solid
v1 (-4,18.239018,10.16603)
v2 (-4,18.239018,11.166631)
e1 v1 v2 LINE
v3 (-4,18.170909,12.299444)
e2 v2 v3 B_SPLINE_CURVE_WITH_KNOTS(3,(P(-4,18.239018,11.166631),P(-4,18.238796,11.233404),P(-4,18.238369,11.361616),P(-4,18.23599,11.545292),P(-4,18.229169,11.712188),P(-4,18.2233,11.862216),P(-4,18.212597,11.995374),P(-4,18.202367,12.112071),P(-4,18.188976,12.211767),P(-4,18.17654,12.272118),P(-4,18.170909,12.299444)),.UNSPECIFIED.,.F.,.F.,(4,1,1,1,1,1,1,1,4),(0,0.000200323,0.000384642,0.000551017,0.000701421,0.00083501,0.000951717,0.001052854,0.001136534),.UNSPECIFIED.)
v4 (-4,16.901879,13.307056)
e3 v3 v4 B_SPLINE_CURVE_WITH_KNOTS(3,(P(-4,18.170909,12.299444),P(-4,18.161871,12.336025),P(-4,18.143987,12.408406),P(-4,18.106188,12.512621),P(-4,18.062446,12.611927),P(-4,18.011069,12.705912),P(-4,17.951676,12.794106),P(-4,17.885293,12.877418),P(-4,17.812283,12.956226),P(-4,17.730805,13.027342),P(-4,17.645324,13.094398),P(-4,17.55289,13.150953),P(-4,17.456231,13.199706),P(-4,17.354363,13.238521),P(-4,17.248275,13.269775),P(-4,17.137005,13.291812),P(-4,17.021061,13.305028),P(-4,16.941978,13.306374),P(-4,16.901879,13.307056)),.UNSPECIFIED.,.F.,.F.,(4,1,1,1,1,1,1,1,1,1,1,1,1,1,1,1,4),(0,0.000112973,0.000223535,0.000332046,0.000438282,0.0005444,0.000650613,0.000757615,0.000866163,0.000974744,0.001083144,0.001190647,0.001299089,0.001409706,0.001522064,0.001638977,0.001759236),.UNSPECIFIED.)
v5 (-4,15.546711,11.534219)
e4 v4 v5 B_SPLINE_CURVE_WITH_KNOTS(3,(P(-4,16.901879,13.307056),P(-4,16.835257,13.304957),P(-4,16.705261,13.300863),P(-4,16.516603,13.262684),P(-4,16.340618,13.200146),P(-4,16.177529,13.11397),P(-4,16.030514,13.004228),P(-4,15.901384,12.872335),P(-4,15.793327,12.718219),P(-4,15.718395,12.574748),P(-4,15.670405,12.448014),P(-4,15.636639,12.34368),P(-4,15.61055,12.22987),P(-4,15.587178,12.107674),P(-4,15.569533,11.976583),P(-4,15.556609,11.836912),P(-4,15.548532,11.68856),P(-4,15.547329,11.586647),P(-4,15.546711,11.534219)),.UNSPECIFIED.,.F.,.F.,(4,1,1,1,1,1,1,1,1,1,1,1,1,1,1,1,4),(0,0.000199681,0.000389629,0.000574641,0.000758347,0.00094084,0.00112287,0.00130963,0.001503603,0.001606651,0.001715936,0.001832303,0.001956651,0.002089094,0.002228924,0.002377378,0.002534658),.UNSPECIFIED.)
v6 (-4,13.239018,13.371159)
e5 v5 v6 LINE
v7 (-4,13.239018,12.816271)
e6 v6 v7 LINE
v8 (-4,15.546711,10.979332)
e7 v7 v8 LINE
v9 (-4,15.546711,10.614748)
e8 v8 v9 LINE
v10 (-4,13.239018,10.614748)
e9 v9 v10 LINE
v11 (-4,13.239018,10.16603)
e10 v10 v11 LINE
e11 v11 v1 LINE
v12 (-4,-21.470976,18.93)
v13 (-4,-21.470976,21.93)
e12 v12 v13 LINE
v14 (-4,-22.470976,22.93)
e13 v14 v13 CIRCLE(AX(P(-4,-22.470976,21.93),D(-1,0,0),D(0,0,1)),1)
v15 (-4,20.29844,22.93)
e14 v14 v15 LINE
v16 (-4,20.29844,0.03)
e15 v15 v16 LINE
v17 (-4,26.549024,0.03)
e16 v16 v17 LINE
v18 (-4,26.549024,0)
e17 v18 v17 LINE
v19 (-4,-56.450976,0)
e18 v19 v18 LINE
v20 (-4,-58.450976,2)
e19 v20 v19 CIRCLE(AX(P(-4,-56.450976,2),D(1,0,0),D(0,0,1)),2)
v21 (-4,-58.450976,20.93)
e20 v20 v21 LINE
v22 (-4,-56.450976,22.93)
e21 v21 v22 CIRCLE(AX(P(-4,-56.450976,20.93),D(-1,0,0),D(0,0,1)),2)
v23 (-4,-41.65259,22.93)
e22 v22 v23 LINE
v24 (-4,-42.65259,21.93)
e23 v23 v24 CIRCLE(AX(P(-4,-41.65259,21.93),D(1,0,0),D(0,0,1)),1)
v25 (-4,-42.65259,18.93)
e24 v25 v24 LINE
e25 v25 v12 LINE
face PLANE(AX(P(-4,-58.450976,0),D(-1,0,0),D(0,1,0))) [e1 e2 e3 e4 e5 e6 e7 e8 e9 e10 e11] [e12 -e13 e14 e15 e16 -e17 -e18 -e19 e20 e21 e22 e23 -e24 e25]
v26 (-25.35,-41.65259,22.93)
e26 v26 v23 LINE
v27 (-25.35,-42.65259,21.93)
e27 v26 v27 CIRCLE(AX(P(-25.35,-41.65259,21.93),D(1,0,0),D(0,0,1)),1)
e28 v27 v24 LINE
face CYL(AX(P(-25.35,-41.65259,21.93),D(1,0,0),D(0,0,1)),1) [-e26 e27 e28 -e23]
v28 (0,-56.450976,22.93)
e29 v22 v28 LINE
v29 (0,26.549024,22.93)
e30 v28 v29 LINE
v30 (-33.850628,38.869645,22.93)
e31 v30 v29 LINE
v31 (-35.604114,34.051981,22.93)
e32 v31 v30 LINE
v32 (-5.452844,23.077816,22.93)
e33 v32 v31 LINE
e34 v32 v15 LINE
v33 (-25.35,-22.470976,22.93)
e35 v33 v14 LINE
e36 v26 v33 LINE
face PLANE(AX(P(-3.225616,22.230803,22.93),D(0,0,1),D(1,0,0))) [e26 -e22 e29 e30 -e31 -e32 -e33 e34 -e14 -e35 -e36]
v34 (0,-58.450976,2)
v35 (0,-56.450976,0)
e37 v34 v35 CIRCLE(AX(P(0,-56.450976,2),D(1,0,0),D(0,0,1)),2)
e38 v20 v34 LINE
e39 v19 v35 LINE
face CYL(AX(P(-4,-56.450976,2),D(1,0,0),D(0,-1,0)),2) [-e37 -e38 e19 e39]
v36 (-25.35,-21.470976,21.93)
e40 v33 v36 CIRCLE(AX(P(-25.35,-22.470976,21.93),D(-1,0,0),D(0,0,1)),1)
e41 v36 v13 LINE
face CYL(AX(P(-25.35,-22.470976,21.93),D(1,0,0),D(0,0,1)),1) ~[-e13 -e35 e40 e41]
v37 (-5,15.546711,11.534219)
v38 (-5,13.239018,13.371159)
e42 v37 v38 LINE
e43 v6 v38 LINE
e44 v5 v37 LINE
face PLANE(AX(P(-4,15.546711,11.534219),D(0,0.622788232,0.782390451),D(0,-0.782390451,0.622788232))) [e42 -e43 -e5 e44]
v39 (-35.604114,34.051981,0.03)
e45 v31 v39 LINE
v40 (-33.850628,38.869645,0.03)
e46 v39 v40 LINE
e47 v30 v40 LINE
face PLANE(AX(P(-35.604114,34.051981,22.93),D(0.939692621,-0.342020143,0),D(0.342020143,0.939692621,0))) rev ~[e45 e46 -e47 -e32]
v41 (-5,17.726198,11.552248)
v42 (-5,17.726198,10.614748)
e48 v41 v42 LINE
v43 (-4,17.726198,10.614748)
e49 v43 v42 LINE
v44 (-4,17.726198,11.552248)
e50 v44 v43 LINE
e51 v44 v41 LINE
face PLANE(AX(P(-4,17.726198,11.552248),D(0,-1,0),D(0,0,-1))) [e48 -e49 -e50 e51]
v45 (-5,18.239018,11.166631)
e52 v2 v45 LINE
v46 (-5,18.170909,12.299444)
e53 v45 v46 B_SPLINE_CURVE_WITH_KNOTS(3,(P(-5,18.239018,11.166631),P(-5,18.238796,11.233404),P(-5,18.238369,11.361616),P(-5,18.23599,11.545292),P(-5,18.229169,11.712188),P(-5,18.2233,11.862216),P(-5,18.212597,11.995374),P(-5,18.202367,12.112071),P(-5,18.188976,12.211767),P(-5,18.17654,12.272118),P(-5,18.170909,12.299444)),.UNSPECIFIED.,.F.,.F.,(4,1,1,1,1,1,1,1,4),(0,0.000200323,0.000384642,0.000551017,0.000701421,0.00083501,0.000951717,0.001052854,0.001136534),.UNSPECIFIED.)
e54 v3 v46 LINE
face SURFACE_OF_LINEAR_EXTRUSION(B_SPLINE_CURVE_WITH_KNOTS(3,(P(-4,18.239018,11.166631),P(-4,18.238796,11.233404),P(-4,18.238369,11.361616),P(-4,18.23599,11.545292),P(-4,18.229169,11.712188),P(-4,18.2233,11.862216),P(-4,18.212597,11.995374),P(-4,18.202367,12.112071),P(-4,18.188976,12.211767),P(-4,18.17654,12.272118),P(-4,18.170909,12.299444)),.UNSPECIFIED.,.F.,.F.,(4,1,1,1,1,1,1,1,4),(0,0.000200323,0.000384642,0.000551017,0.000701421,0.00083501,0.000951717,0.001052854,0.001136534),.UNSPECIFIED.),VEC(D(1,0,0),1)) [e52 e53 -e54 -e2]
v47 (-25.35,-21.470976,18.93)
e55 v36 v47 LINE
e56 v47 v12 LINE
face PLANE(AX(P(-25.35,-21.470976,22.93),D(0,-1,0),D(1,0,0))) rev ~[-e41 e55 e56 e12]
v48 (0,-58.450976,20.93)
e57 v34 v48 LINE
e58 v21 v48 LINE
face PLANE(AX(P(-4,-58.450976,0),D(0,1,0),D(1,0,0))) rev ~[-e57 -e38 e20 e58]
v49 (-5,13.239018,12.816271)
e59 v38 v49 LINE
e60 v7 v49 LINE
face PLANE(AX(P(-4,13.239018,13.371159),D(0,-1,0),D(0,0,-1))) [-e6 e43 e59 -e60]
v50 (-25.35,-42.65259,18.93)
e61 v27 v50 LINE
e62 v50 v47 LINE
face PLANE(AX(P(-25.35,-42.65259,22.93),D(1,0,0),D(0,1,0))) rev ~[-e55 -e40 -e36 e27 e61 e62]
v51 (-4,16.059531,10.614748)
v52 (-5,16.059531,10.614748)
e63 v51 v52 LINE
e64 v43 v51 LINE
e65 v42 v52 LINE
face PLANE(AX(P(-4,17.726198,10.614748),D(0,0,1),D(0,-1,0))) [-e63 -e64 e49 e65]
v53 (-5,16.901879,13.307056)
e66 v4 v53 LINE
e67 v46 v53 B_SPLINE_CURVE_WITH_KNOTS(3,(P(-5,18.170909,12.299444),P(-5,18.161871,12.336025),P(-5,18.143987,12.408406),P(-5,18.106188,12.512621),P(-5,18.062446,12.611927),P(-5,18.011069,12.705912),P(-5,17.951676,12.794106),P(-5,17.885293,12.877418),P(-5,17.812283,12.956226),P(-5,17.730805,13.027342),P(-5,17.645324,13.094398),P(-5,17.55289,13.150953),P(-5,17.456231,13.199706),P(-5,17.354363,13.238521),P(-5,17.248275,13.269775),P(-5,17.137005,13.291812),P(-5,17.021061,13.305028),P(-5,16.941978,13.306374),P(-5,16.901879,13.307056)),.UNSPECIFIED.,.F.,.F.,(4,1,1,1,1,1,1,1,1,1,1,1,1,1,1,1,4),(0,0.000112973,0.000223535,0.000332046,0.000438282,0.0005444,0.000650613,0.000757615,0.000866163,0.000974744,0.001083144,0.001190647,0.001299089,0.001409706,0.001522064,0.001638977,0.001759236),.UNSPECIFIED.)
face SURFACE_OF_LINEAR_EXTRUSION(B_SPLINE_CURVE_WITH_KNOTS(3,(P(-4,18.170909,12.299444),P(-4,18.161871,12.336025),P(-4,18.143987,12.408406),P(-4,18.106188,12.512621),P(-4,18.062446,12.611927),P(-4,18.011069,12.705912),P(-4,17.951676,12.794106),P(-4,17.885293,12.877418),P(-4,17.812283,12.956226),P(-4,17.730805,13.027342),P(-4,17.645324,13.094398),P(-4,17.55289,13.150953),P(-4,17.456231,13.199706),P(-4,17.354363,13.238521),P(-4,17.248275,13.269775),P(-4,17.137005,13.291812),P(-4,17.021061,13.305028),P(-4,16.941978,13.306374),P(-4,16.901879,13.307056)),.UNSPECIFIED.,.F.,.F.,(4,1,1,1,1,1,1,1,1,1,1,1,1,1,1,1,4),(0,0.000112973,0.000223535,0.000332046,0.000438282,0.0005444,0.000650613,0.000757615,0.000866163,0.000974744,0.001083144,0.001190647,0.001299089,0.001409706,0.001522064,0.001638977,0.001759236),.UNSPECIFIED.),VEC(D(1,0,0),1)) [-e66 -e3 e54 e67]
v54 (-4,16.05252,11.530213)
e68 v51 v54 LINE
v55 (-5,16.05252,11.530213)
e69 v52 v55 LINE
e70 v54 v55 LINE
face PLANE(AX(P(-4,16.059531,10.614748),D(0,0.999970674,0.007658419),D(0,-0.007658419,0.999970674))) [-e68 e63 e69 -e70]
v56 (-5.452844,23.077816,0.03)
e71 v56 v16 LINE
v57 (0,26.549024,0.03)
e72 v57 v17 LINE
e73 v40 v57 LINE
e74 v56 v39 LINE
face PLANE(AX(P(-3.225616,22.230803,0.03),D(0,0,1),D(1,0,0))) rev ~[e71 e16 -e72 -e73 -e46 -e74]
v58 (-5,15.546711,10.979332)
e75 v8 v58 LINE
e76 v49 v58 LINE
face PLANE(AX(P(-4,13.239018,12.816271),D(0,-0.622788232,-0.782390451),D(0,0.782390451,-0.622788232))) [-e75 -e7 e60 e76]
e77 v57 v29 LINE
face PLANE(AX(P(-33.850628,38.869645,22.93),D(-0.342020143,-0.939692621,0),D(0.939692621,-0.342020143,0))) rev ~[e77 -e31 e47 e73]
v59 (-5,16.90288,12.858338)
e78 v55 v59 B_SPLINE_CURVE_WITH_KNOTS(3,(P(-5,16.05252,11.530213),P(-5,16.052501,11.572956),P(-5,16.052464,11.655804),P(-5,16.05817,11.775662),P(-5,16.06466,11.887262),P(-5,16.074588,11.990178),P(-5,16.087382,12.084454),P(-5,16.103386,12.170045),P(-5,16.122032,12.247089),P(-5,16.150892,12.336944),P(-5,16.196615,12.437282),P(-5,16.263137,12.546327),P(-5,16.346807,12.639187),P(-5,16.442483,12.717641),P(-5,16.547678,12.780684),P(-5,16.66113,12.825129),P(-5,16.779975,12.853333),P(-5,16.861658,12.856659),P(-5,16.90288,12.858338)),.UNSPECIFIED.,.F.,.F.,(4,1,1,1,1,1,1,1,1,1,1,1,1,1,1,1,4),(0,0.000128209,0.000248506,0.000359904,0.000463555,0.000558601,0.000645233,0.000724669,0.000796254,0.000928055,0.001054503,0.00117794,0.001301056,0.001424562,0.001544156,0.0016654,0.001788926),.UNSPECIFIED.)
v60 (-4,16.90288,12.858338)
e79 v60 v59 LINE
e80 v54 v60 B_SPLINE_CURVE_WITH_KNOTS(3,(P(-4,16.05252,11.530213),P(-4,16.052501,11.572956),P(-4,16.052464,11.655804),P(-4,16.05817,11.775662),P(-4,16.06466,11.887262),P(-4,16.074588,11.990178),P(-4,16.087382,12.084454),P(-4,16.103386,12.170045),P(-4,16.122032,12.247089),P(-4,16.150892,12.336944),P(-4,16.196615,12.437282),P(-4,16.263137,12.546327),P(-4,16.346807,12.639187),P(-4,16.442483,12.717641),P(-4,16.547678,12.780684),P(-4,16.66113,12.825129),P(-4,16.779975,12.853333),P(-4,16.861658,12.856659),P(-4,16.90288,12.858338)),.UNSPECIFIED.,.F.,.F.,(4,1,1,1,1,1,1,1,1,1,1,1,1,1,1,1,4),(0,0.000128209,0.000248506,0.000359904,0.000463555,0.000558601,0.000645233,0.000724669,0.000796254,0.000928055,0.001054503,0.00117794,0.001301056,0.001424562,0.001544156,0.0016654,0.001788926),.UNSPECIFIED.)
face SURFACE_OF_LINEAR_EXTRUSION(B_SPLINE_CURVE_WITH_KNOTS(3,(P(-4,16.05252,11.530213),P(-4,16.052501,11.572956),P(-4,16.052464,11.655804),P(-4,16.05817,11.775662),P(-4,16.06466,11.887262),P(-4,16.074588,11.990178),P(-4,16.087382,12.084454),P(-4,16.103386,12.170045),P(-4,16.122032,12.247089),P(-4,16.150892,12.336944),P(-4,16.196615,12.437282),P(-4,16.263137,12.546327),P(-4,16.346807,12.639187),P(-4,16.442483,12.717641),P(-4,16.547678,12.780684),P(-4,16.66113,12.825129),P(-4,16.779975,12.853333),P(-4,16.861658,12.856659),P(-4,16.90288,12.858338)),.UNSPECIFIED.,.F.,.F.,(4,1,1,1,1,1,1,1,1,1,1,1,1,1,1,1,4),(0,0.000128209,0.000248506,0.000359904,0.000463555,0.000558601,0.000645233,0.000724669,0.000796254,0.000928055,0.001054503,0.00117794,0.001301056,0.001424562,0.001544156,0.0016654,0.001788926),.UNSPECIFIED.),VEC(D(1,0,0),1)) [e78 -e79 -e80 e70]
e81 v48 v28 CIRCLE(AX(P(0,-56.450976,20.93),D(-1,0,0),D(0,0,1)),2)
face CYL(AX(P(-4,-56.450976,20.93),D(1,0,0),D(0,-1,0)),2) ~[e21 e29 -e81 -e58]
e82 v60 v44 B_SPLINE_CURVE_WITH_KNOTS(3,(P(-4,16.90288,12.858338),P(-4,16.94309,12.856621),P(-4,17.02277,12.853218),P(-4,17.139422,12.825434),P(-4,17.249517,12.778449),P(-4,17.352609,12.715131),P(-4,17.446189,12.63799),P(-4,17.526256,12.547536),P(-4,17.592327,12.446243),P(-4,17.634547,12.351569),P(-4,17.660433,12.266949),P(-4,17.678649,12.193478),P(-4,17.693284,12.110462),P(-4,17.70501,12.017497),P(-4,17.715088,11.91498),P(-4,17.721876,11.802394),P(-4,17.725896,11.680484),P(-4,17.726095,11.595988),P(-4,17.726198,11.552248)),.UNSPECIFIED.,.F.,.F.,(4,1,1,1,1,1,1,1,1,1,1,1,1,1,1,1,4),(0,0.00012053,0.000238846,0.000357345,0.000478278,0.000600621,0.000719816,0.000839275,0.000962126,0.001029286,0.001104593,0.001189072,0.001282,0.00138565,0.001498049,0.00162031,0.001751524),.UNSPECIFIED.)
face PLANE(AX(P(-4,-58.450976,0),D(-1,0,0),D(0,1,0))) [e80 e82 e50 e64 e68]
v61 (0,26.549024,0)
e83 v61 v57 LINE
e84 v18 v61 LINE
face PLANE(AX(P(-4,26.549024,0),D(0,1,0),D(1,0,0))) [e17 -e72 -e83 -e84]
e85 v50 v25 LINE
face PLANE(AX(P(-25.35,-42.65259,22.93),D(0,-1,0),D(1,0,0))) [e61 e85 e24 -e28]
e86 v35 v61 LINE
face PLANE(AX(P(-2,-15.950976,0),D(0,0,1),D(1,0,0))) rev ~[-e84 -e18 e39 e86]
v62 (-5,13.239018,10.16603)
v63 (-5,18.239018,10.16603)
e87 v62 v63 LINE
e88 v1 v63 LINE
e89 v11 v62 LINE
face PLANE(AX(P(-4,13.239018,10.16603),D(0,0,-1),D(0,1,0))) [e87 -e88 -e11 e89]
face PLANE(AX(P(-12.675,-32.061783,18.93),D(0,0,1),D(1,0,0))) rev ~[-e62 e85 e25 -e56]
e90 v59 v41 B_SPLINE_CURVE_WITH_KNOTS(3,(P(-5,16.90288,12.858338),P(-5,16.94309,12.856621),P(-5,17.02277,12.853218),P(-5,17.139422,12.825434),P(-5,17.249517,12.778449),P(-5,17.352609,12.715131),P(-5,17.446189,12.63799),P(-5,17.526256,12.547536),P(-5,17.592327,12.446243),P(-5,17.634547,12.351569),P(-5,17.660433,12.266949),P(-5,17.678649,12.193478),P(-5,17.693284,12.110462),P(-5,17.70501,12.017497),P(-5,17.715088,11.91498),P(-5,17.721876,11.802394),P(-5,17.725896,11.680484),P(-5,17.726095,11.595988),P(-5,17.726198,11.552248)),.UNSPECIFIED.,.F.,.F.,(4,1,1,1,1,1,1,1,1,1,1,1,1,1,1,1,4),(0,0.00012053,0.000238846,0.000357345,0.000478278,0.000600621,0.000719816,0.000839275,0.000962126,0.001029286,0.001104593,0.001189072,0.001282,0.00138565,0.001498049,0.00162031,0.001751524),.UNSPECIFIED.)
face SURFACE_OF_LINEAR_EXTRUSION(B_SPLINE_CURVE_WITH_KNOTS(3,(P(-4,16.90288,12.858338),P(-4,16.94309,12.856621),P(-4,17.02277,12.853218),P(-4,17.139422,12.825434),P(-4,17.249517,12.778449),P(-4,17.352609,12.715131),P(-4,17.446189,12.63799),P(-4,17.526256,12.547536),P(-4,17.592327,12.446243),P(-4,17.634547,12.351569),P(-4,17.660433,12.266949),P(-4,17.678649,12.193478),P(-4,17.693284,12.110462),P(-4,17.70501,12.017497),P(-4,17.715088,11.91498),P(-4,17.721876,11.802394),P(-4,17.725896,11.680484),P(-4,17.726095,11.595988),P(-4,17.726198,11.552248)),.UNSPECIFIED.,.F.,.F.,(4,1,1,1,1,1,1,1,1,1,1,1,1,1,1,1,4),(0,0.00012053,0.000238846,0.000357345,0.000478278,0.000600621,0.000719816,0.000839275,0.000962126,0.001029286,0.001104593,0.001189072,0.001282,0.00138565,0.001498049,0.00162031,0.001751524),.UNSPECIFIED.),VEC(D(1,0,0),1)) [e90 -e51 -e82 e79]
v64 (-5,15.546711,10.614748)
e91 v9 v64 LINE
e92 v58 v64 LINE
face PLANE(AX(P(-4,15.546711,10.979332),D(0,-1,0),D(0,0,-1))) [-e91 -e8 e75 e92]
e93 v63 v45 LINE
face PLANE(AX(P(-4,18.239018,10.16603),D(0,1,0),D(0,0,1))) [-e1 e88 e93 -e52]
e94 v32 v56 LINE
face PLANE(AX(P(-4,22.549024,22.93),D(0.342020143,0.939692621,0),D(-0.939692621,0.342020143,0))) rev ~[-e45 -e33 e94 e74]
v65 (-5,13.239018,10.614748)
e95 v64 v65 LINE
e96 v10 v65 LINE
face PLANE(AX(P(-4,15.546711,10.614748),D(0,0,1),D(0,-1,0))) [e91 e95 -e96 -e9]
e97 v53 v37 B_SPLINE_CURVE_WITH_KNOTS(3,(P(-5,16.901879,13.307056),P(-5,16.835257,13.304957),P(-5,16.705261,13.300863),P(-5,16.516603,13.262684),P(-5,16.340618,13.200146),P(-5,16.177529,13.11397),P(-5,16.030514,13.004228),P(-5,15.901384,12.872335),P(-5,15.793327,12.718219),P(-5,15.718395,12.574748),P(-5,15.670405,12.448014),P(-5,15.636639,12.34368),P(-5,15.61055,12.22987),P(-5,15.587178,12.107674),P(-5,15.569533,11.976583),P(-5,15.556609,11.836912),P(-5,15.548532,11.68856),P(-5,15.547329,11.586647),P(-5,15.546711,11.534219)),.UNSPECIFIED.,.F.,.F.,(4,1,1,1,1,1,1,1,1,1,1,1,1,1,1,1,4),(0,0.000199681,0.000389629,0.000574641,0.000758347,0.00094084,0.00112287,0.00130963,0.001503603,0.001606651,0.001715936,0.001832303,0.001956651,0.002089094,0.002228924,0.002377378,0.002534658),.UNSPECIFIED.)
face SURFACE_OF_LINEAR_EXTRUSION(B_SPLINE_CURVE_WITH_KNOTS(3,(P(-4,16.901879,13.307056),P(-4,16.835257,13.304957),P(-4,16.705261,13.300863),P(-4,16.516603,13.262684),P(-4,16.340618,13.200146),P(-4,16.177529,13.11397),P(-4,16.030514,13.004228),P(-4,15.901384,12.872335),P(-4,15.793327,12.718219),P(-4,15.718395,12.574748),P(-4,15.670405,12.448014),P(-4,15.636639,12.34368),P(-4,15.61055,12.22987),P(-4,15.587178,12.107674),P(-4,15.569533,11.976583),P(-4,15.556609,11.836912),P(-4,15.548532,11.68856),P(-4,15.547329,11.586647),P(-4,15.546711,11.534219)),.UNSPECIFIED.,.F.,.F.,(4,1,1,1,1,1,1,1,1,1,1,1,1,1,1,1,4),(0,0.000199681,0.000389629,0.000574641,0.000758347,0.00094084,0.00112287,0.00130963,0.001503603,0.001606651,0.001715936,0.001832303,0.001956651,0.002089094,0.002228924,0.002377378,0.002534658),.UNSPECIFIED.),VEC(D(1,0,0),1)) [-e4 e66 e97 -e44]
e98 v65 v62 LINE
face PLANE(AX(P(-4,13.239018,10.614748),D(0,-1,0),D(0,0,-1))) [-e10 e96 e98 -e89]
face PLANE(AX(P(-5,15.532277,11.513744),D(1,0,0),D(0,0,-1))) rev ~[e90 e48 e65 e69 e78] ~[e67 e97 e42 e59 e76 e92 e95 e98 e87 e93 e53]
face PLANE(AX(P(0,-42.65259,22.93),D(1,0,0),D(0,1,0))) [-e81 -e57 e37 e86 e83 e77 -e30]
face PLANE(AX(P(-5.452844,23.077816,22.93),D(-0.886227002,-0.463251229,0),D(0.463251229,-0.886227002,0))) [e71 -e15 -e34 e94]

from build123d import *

# Parameters (mm, degrees)
ESQUISSE1_W        = 4
ESQUISSE1_H        = 85
BOSS_EXTRU_1_DEPTH = 22.93
BOSS_EXTRU_5_DEPTH = 22.9
ESQUISSE5_W        = 25.35
ESQUISSE5_H        = 21.181614094
BOSS_EXTRU_6_DEPTH = 4
CONG_1_R           = 2
CONG_5_R           = 1
BOSS_EXTRU_8_DEPTH = 1
BOSS_EXTRU_9_DEPTH = 22.9


with BuildPart() as part:
    # Esquisse1 → Boss.-Extru.1 (new body)
    with BuildSketch(Plane.XY):
        with Locations((-2, -15.95097561)):
            Rectangle(ESQUISSE1_W, ESQUISSE1_H)
    extrude(amount=BOSS_EXTRU_1_DEPTH)

    # Esquisse2 → Boss.-Extru.5 (add)
    with BuildSketch(Plane.XY.offset(22.93)):
        Polygon((-33.850627534, 38.869645224), (0, 26.54902439), (0, 22.54902439), (-4, 22.54902439), (-35.604113867, 34.051981118), align=None)
    extrude(amount=-BOSS_EXTRU_5_DEPTH)

    # Esquisse5 → Boss.-Extru.6 (add)
    with BuildSketch(Plane.XY.offset(22.93)):
        with Locations((-12.675, -32.061782657)):
            Rectangle(ESQUISSE5_W, ESQUISSE5_H)
    extrude(amount=-BOSS_EXTRU_6_DEPTH)

    # Congé1
    cong_1_edges = [part.edges().sort_by_distance(p)[0] for p in [
        (-2, -58.45097561, 22.93),
        (-2, -58.45097561, 0),
    ]]
    fillet(cong_1_edges, radius=CONG_1_R)

    # Congé5
    cong_5_edges = [part.edges().sort_by_distance(p)[0] for p in [
        (-14.675, -21.47097561, 22.93),
        (-14.675, -42.652589704, 22.93),
    ]]
    fillet(cong_5_edges, radius=CONG_5_R)

    # Esquisse10 → Boss.-Extru.8 (add)
    with BuildSketch(Plane.ZY.offset(4)):
        with BuildLine():
            Line((10.166030362, 18.2390183), (11.166631323, 18.2390183))
            add(Edge.make_bspline(
                [(11.166631323, 18.2390183), (11.233404364, 18.238796034), (11.361615999, 18.238369259), (11.545292099, 18.235989598), (11.712187952, 18.22916909), (11.862216294, 18.223299685), (11.995374373, 18.212596912), (12.112070502, 18.202367416), (12.211767213, 18.188976472), (12.272118429, 18.176540153), (12.299443823, 18.170909326)],
                knots=[0, 0, 0, 0, 0.000200323, 0.000384642, 0.000551017, 0.000701421, 0.00083501, 0.000951717, 0.001052854, 0.001136534, 0.001136534, 0.001136534, 0.001136534], degree=3))
            add(Edge.make_bspline(
                [(12.299443823, 18.170909326), (12.336024715, 18.161871089), (12.408406128, 18.143987427), (12.512620508, 18.106187997), (12.611926685, 18.062445676), (12.705912149, 18.011068933), (12.794106136, 17.951676391), (12.877418009, 17.885293359), (12.956225814, 17.812283065), (13.027342428, 17.73080472), (13.094398216, 17.645323991), (13.150953397, 17.552890053), (13.199705511, 17.456230728), (13.238520535, 17.354362988), (13.269774783, 17.248274743), (13.291812268, 17.137005033), (13.30502825, 17.021060783), (13.306373758, 16.941978056), (13.307056003, 16.901878877)],
                knots=[0, 0, 0, 0, 0.000112973, 0.000223535, 0.000332046, 0.000438282, 0.0005444, 0.000650613, 0.000757615, 0.000866163, 0.000974744, 0.001083144, 0.001190647, 0.001299089, 0.001409706, 0.001522064, 0.001638977, 0.001759236, 0.001759236, 0.001759236, 0.001759236], degree=3))
            add(Edge.make_bspline(
                [(13.307056003, 16.901878877), (13.304957434, 16.835257299), (13.300862583, 16.705261345), (13.262683863, 16.516602943), (13.200145978, 16.340618207), (13.113969851, 16.177528725), (13.004227743, 16.030513517), (12.872335184, 15.901384295), (12.718218596, 15.793327277), (12.574748145, 15.718394699), (12.448013574, 15.67040483), (12.34368027, 15.636638603), (12.229870302, 15.610550081), (12.10767411, 15.587178464), (11.976583173, 15.569533186), (11.836911688, 15.55660948), (11.688560043, 15.548532268), (11.586647087, 15.547329403), (11.534219464, 15.546710608)],
                knots=[0, 0, 0, 0, 0.000199681, 0.000389629, 0.000574641, 0.000758347, 0.00094084, 0.00112287, 0.00130963, 0.001503603, 0.001606651, 0.001715936, 0.001832303, 0.001956651, 0.002089094, 0.002228924, 0.002377378, 0.002534658, 0.002534658, 0.002534658, 0.002534658], degree=3))
            Line((11.534219464, 15.546710608), (13.371158567, 13.2390183))
            Line((13.371158567, 13.2390183), (12.816270746, 13.2390183))
            Line((12.816270746, 13.2390183), (10.979331644, 15.546710608))
            Line((10.979331644, 15.546710608), (10.61474831, 15.546710608))
            Line((10.61474831, 15.546710608), (10.61474831, 13.2390183))
            Line((10.61474831, 13.2390183), (10.166030362, 13.2390183))
            Line((10.166030362, 13.2390183), (10.166030362, 18.2390183))
        make_face()
        with BuildLine():
            Line((10.61474831, 17.726197787), (10.61474831, 16.05953112))
            Line((10.61474831, 16.05953112), (11.530213054, 16.052519902))
            add(Edge.make_bspline(
                [(11.530213054, 16.052519902), (11.572955967, 16.052500993), (11.655803905, 16.052464341), (11.775661998, 16.058169736), (11.887262158, 16.06466019), (11.990177518, 16.074587827), (12.084454054, 16.087382215), (12.170044644, 16.103386478), (12.247089004, 16.122032282), (12.336944059, 16.150891747), (12.437281961, 16.196614631), (12.546326904, 16.263136772), (12.639187386, 16.346806942), (12.717641475, 16.442483308), (12.78068352, 16.547677949), (12.825129312, 16.661129905), (12.853332801, 16.779975045), (12.856659294, 16.861658056), (12.858338054, 16.902880479)],
                knots=[0, 0, 0, 0, 0.000128209, 0.000248506, 0.000359904, 0.000463555, 0.000558601, 0.000645233, 0.000724669, 0.000796254, 0.000928055, 0.001054503, 0.00117794, 0.001301056, 0.001424562, 0.001544156, 0.0016654, 0.001788926, 0.001788926, 0.001788926, 0.001788926], degree=3))
            add(Edge.make_bspline(
                [(12.858338054, 16.902880479), (12.856620738, 16.94308987), (12.853217645, 17.022770211), (12.82543369, 17.139421512), (12.778448859, 17.249517155), (12.715131376, 17.352609276), (12.637989726, 17.446188899), (12.547535708, 17.52625626), (12.446242572, 17.592326924), (12.351569432, 17.634547468), (12.266949128, 17.660432973), (12.193478185, 17.678648921), (12.110461789, 17.693283876), (12.017496848, 17.705009678), (11.914980232, 17.715088169), (11.802393588, 17.721876425), (11.680483902, 17.725896231), (11.595988286, 17.726094929), (11.55224831, 17.726197787)],
                knots=[0, 0, 0, 0, 0.00012053, 0.000238846, 0.000357345, 0.000478278, 0.000600621, 0.000719816, 0.000839275, 0.000962126, 0.001029286, 0.001104593, 0.001189072, 0.001282, 0.00138565, 0.001498049, 0.00162031, 0.001751524, 0.001751524, 0.001751524, 0.001751524], degree=3))
            Line((11.55224831, 17.726197787), (10.61474831, 17.726197787))
        make_face(mode=Mode.SUBTRACT)
    extrude(amount=BOSS_EXTRU_8_DEPTH)

    # Esquisse11 → Boss.-Extru.9 (add)
    with BuildSketch(Plane.XY.offset(22.93)):
        Polygon((-5.452843765, 23.077816276), (-4, 20.298440223), (-0.659211444, 23.077816276), align=None)
    extrude(amount=-BOSS_EXTRU_9_DEPTH)


solid = part.part
